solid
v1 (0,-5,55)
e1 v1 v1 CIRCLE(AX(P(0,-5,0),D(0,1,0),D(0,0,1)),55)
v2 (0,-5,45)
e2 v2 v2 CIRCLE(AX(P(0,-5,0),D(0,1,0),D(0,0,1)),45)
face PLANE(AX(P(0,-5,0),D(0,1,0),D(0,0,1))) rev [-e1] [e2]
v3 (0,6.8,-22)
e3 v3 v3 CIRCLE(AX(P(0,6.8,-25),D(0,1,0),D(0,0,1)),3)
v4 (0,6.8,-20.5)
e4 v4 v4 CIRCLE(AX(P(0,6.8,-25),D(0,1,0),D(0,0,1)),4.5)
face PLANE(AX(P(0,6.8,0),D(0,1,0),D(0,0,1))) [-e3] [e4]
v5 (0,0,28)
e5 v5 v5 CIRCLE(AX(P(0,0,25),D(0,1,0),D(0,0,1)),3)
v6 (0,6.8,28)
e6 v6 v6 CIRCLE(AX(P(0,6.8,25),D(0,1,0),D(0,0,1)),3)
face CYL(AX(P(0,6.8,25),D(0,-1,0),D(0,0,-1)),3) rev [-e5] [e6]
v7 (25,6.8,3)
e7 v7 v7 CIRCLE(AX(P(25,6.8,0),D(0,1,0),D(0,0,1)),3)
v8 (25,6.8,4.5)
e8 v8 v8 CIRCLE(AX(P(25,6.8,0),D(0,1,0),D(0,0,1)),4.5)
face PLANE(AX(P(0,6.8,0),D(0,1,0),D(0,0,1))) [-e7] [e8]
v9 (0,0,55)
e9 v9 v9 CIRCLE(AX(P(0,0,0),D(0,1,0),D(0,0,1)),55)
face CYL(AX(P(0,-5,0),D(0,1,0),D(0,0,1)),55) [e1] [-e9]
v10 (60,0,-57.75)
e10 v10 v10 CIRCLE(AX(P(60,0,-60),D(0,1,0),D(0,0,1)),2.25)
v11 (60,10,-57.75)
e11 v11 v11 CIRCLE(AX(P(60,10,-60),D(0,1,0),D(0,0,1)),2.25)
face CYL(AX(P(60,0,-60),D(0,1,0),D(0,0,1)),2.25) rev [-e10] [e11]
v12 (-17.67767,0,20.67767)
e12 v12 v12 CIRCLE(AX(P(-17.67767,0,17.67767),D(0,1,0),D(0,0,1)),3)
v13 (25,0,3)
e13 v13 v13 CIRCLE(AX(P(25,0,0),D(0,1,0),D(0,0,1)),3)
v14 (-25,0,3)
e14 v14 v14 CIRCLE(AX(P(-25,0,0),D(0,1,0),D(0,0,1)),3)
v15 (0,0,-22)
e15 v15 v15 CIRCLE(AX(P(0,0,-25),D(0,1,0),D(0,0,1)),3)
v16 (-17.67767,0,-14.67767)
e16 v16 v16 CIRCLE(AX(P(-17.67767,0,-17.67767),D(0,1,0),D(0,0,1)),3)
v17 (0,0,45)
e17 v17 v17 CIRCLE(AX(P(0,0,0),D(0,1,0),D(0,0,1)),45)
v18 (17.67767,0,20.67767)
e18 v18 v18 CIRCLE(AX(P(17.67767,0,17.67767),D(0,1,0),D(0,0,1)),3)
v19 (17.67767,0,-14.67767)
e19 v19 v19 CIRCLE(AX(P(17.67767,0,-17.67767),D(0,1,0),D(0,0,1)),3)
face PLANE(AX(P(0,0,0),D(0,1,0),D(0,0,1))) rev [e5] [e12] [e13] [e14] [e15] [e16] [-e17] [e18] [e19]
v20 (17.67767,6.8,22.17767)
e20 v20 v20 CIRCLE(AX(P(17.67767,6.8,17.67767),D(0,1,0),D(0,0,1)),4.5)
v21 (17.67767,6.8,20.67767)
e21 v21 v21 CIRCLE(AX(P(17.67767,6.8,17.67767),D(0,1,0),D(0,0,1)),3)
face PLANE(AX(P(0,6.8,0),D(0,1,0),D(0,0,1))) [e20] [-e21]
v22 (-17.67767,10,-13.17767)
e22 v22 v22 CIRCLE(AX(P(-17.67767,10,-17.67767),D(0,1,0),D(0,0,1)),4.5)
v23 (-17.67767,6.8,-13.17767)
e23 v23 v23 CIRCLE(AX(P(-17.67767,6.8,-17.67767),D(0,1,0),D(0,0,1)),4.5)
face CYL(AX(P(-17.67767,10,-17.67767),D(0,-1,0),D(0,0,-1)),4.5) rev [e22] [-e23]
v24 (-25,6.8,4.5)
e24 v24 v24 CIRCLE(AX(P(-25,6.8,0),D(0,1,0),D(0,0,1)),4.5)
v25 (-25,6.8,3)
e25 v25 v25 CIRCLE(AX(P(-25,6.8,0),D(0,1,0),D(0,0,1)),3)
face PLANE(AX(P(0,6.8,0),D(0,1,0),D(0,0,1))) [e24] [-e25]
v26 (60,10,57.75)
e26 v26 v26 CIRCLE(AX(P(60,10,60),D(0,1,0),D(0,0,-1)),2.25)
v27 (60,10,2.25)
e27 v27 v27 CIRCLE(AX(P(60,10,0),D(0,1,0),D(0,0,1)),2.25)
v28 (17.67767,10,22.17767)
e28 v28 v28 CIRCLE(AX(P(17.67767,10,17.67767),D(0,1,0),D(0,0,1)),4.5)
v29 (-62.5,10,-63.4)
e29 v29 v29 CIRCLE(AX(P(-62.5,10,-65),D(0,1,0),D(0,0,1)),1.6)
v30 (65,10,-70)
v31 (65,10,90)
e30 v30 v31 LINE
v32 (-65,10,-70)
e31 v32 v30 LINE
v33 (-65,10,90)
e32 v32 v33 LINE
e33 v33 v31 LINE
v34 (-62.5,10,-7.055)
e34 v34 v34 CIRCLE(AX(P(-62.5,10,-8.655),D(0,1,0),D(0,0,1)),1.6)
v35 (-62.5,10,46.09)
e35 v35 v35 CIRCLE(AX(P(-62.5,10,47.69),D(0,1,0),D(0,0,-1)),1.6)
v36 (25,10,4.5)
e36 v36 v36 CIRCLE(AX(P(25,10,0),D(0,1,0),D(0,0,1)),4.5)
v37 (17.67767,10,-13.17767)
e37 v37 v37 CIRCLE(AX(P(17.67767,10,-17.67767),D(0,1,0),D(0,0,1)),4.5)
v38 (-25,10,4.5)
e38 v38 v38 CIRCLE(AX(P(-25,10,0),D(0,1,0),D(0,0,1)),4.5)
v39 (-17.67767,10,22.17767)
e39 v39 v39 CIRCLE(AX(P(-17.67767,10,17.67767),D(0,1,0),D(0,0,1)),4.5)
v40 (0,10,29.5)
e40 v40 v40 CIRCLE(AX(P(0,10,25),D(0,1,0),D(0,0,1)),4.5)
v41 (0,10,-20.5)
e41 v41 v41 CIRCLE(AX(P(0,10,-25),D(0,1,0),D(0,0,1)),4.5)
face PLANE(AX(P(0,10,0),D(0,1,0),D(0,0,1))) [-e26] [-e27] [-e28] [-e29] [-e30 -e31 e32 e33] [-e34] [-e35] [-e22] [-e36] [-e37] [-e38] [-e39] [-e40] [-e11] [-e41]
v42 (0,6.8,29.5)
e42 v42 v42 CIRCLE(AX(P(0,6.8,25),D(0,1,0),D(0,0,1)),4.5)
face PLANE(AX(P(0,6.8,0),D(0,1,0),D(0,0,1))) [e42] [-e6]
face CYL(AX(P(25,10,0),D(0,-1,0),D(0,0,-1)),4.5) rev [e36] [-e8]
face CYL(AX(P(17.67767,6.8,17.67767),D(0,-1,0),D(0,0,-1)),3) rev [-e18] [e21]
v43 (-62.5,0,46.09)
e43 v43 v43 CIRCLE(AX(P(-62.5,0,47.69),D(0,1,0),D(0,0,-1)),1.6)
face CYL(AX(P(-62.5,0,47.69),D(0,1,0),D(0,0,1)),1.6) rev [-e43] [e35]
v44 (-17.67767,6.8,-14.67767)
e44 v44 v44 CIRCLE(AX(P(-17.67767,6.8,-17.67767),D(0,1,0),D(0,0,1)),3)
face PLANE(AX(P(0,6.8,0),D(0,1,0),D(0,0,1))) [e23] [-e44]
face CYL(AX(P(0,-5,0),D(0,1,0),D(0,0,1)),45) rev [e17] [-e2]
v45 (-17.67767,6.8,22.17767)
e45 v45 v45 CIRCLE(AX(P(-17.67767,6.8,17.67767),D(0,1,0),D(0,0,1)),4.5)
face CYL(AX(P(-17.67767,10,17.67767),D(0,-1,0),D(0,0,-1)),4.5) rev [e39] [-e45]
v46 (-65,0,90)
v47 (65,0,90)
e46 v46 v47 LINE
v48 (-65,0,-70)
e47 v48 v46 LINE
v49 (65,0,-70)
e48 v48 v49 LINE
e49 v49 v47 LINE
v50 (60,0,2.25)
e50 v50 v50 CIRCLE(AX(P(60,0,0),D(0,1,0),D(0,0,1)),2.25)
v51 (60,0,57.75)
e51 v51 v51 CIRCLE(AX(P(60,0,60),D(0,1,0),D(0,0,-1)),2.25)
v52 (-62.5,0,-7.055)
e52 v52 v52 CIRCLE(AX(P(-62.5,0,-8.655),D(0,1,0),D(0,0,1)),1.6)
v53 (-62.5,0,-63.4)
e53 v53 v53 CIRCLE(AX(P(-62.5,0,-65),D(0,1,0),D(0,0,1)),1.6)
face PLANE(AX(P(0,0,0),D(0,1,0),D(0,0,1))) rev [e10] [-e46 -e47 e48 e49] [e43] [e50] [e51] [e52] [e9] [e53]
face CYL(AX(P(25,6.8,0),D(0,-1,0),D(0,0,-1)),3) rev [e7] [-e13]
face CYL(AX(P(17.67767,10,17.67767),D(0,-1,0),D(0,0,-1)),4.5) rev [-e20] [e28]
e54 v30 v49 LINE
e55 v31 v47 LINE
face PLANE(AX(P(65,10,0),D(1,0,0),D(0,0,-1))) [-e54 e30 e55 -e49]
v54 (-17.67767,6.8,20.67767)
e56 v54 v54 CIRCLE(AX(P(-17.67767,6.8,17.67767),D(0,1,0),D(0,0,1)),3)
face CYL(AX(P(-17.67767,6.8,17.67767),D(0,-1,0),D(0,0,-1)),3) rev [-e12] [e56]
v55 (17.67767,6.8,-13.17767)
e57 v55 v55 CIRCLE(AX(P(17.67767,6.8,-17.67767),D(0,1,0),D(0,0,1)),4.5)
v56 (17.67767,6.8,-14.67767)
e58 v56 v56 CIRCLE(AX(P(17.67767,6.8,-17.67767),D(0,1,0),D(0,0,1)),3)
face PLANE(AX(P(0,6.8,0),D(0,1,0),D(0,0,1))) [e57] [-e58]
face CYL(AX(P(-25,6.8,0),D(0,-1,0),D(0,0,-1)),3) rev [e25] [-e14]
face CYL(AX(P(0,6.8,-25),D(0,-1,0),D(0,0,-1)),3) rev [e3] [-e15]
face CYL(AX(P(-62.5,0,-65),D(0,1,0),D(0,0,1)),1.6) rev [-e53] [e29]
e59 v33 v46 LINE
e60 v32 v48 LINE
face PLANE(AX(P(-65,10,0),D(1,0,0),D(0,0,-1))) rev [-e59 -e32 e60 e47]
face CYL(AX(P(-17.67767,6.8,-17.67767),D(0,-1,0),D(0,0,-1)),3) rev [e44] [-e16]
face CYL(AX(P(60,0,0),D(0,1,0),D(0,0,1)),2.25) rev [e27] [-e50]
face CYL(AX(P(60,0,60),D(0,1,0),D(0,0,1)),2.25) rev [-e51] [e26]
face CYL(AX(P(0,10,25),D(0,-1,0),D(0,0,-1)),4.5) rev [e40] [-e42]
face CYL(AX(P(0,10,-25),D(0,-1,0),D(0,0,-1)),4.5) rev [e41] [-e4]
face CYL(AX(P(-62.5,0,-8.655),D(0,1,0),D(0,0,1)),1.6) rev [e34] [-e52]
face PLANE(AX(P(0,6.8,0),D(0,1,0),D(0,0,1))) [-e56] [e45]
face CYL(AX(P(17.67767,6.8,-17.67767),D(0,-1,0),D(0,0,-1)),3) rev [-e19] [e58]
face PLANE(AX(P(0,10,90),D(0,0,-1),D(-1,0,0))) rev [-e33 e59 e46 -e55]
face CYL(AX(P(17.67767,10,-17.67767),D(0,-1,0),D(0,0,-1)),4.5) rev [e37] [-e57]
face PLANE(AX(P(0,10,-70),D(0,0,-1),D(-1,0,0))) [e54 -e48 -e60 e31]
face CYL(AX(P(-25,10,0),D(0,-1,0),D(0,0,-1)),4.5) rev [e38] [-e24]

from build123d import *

# Parameters (mm, degrees)
SKETCH1_W           = 130
SKETCH1_H           = 160
SKETCH1_R           = 4.5
BOSS_EXTRUDE1_DEPTH = 10
SKETCH1_8_R         = 55
SKETCH1_8_R_2       = 45
BOSS_EXTRUDE2_DEPTH = 5
SKETCH1_9_R         = 4.5
SKETCH1_9_R_2       = 3
BOSS_EXTRUDE3_DEPTH = 6.8
SKETCH4_R           = 1.6
CUT_EXTRUDE1_DEPTH  = 10
SKETCH5_R           = 2.25
CUT_EXTRUDE2_DEPTH  = 10


with BuildPart() as part:
    # Sketch1 → Boss-Extrude1 (new body)
    with BuildSketch(Plane(origin=(0, 0, 0), x_dir=(1, 0, 0), z_dir=(0, 1, 0))):
        with Locations((0, -10)):
            Rectangle(SKETCH1_W, SKETCH1_H)
        with Locations((17.67766953, 17.67766953)):
            Circle(SKETCH1_R, mode=Mode.SUBTRACT)
        with Locations((25, 0)):
            Circle(SKETCH1_R, mode=Mode.SUBTRACT)
        with Locations((-17.67766953, -17.67766953)):
            Circle(SKETCH1_R, mode=Mode.SUBTRACT)
        with Locations((0, -25)):
            Circle(SKETCH1_R, mode=Mode.SUBTRACT)
        with Locations((17.67766953, -17.67766953)):
            Circle(SKETCH1_R, mode=Mode.SUBTRACT)
        with Locations((-25, 0)):
            Circle(SKETCH1_R, mode=Mode.SUBTRACT)
        with Locations((-17.67766953, 17.67766953)):
            Circle(SKETCH1_R, mode=Mode.SUBTRACT)
        with Locations((0, 25)):
            Circle(SKETCH1_R, mode=Mode.SUBTRACT)
    extrude(amount=BOSS_EXTRUDE1_DEPTH)

    # Sketch1<8> → Boss-Extrude2 (add)
    with BuildSketch(Plane(origin=(0, 0, 0), x_dir=(1, 0, 0), z_dir=(0, 1, 0))):
        Circle(SKETCH1_8_R)
        Circle(SKETCH1_8_R_2, mode=Mode.SUBTRACT)
    extrude(amount=-BOSS_EXTRUDE2_DEPTH)

    # Sketch1<9> → Boss-Extrude3 (add)
    with BuildSketch(Plane(origin=(0, 0, 0), x_dir=(1, 0, 0), z_dir=(0, 1, 0))):
        with Locations((17.67766953, -17.67766953)):
            Circle(SKETCH1_9_R)
        with Locations((17.67766953, -17.67766953)):
            Circle(SKETCH1_9_R_2, mode=Mode.SUBTRACT)
        with Locations((25, 0)):
            Circle(SKETCH1_9_R)
        with Locations((25, 0)):
            Circle(SKETCH1_9_R_2, mode=Mode.SUBTRACT)
        with Locations((17.67766953, 17.67766953)):
            Circle(SKETCH1_9_R)
        with Locations((17.67766953, 17.67766953)):
            Circle(SKETCH1_9_R_2, mode=Mode.SUBTRACT)
        with Locations((0, 25)):
            Circle(SKETCH1_9_R)
        with Locations((0, 25)):
            Circle(SKETCH1_9_R_2, mode=Mode.SUBTRACT)
        with Locations((-17.67766953, 17.67766953)):
            Circle(SKETCH1_9_R)
        with Locations((-17.67766953, 17.67766953)):
            Circle(SKETCH1_9_R_2, mode=Mode.SUBTRACT)
        with Locations((-25, 0)):
            Circle(SKETCH1_9_R)
        with Locations((-25, 0)):
            Circle(SKETCH1_9_R_2, mode=Mode.SUBTRACT)
        with Locations((-17.67766953, -17.67766953)):
            Circle(SKETCH1_9_R)
        with Locations((-17.67766953, -17.67766953)):
            Circle(SKETCH1_9_R_2, mode=Mode.SUBTRACT)
        with Locations((0, -25)):
            Circle(SKETCH1_9_R)
        with Locations((0, -25)):
            Circle(SKETCH1_9_R_2, mode=Mode.SUBTRACT)
    extrude(amount=BOSS_EXTRUDE3_DEPTH)

    # Sketch4 → Cut-Extrude1 (cut)
    with BuildSketch(Plane(origin=(0, 10, 0), x_dir=(1, 0, 0), z_dir=(0, 1, 0))):
        with Locations((-62.5, 65)):
            Circle(SKETCH4_R)
        with Locations((-62.5, 8.655)):
            Circle(SKETCH4_R)
        with Locations((-62.5, -47.69)):
            Circle(SKETCH4_R)
    extrude(amount=-CUT_EXTRUDE1_DEPTH, mode=Mode.SUBTRACT)

    # Sketch5 → Cut-Extrude2 (cut)
    with BuildSketch(Plane(origin=(0, 10, 0), x_dir=(1, 0, 0), z_dir=(0, 1, 0))):
        with Locations((60, 60)):
            Circle(SKETCH5_R)
        with Locations((60, 0)):
            Circle(SKETCH5_R)
        with Locations((60, -60)):
            Circle(SKETCH5_R)
    extrude(amount=-CUT_EXTRUDE2_DEPTH, mode=Mode.SUBTRACT)


solid = part.part
